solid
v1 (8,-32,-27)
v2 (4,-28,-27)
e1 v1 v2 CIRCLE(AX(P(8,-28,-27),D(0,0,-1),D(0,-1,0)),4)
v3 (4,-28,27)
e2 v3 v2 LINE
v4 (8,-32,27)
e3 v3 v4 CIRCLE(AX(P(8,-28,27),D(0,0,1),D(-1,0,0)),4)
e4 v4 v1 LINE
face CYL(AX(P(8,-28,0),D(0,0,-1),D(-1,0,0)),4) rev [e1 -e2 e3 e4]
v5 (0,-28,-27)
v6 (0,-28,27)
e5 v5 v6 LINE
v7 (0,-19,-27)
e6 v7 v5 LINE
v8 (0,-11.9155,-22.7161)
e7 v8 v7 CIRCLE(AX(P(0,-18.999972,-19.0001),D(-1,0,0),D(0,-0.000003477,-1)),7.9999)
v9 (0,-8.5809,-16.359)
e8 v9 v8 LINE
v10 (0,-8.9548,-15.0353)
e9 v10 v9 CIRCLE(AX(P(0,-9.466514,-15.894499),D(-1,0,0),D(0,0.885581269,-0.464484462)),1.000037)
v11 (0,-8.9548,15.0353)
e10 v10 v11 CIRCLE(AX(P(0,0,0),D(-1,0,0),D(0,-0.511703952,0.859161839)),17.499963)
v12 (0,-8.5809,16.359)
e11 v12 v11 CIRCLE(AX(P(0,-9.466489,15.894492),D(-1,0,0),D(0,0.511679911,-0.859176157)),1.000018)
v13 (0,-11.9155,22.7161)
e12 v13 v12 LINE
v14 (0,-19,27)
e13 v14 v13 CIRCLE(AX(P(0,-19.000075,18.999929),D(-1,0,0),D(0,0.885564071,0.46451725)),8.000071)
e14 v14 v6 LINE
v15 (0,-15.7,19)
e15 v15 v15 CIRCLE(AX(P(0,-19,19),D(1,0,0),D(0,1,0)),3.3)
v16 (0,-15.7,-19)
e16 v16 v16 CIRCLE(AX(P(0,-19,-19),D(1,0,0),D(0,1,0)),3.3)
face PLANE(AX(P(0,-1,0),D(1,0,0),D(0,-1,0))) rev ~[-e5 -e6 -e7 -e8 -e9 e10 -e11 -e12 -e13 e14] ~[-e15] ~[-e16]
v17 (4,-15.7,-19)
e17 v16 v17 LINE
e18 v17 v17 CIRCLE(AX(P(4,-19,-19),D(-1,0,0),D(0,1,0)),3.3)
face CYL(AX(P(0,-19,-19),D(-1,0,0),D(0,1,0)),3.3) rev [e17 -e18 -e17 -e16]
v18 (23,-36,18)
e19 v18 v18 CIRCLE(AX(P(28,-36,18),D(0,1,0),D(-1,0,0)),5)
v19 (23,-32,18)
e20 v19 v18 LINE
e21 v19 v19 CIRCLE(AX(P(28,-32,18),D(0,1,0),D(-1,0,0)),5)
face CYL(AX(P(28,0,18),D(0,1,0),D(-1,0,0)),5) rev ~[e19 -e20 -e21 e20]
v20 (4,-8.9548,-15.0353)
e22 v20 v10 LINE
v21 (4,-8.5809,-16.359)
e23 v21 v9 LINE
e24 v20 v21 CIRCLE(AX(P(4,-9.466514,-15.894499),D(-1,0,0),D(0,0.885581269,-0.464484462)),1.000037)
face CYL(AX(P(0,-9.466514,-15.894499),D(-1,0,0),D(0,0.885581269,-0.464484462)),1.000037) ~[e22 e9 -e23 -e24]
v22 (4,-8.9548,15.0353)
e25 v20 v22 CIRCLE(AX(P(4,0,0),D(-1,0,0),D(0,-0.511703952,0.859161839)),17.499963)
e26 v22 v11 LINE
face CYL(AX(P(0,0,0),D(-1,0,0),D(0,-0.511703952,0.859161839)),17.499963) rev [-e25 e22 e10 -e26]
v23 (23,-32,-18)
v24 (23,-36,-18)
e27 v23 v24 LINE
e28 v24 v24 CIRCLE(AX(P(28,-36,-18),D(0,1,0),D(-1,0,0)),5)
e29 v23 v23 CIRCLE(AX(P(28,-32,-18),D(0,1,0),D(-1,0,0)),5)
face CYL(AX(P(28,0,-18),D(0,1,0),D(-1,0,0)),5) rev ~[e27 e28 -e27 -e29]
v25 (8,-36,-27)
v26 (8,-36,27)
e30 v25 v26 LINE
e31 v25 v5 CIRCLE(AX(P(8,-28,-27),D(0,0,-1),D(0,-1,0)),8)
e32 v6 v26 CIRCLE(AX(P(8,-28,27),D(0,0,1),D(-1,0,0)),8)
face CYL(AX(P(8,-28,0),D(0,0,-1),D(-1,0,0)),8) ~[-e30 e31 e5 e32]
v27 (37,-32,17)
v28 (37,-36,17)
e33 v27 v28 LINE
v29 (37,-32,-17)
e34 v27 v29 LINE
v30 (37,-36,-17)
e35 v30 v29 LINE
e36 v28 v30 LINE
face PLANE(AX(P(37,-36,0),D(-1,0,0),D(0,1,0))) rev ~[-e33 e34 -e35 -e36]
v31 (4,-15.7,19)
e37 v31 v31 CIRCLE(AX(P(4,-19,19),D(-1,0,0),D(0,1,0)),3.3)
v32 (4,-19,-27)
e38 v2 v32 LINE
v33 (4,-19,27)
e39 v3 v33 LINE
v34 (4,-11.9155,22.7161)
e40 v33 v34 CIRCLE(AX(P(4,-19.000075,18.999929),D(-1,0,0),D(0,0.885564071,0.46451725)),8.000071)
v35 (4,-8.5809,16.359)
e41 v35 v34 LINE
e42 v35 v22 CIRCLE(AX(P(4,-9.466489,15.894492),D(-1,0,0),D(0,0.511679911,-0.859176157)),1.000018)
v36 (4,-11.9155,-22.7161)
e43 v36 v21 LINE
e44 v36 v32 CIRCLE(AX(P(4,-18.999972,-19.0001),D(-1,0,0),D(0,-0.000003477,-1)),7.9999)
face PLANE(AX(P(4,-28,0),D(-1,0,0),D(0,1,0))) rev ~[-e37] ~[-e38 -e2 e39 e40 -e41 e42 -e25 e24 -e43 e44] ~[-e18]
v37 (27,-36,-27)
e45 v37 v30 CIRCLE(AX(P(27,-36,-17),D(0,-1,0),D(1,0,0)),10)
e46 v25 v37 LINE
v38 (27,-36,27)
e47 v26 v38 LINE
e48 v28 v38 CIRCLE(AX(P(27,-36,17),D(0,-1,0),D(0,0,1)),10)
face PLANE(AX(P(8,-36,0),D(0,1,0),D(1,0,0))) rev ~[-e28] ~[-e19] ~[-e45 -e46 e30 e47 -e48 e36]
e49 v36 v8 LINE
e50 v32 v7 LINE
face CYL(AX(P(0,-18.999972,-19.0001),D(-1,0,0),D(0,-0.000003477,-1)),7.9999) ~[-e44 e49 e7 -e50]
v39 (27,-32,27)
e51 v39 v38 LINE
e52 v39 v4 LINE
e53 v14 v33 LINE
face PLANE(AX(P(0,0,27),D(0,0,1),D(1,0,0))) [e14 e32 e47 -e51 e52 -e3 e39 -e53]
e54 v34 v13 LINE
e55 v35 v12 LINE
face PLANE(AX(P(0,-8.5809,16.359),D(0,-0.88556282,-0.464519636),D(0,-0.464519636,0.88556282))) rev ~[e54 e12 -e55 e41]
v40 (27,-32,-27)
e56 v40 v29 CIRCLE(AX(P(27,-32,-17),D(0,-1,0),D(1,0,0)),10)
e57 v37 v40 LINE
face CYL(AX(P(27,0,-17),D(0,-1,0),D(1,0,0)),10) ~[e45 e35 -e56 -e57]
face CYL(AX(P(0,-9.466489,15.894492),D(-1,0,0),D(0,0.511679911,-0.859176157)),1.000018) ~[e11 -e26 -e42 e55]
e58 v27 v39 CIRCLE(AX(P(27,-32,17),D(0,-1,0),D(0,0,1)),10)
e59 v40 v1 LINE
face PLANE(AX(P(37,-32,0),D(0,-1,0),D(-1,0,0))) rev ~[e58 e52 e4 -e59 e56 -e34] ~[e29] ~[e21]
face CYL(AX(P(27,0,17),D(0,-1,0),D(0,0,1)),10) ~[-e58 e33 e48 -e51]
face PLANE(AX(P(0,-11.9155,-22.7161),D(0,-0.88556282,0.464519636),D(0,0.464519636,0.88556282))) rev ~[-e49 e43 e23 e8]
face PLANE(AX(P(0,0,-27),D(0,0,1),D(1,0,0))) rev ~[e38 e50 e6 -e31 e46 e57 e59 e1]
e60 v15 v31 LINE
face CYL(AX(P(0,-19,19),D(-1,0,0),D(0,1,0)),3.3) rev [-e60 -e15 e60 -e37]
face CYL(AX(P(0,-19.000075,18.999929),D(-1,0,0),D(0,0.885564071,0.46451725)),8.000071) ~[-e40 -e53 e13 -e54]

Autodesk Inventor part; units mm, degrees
sketch "Sketch_1" plane through (0, 0, 0) normal (0, 0, 1) x (1, 0, 0)
  line L0 (0, -1) -> (0, -28)
  arc A0 (0, -28) -> (8, -36) centre (8, -28) ccw
  line L1 (8, -36) -> (37, -36)
  line L2 (37, -36) -> (37, -32)
  line L3 (37, -32) -> (8, -32)
  arc A1 (4, -28) -> (8, -32) centre (8, -28) ccw
  line L4 (4, -28) -> (4, -1)
  line L5 (4, -1) -> (0, -1)
extrude "Extrusion1" add sketch "Sketch_1" along normal mid plane 54
sketch "Sketch_2" plane through (0, 0, 0) normal (0, 1, 0) x (-1, 0, 0)
  line L0 (-27, -37) -> (-27, -27)
  arc A0 (-37, -17) -> (-27, -27) centre (-27, -17) ccw
  line L1 (-37, -17) -> (-37, 17)
  arc A1 (-27, 27) -> (-37, 17) centre (-27, 17) ccw
  line L2 (-27, 27) -> (-27, 37)
  line L3 (-27, 37) -> (-47, 37)
  line L4 (-47, 37) -> (-47, -37)
  line L5 (-47, -37) -> (-27, -37)
extrude "Extrusion2" cut sketch "Sketch_2" along normal mid plane 74
sketch "Sketch_3" plane through (0, 0, 0) normal (0, 1, 0) x (-1, 0, 0)
  circle A0 centre (-28, -18) radius 5
extrude "Extrusion3" cut sketch "Sketch_3" along normal mid plane 74
sketch "Sketch_4" plane through (0, 0, 0) normal (0, 1, 0) x (-1, 0, 0)
  circle A0 centre (-28, 18) radius 5
extrude "Extrusion4" cut sketch "Sketch_4" along normal mid plane 74
sketch "Sketch_5" plane through (0, 0, 0) normal (1, 0, 0) x (0, 1, 0)
  circle A0 centre (-19, 19) radius 3.3
extrude "Extrusion5" cut sketch "Sketch_5" along normal mid plane 10
sketch "Sketch_6" plane through (0, 0, 0) normal (1, 0, 0) x (0, 1, 0)
  circle A0 centre (-19, -19) radius 3.3
extrude "Extrusion6" cut sketch "Sketch_6" along normal mid plane 10
sketch "Sketch_7" plane through (0, 0, 0) normal (1, 0, 0) x (0, 1, 0)
  line L0 (-41, 32) -> (-41, -32)
  line L1 (-41, -32) -> (0, -32)
  line L2 (0, -32) -> (0, 32)
  line L3 (0, 32) -> (-41, 32)
  line L4 (-19, 27) -> (-36, 27)
  line L5 (-36, 27) -> (-36, -27)
  line L6 (-36, -27) -> (-19, -27)
  arc A0 (-19, -27) -> (-11.9155, -22.7161) centre (-19, -19) ccw
  line L7 (-11.9155, -22.7161) -> (-8.5809, -16.359)
  arc A1 (-8.5809, -16.359) -> (-8.9548, -15.0353) centre (-9.4665, -15.8945) ccw
  arc A2 (-8.9548, 15.0353) -> (-8.9548, -15.0353) centre (0, 0) ccw
  arc A3 (-8.9548, 15.0353) -> (-8.5809, 16.359) centre (-9.4665, 15.8945) ccw
  line L8 (-8.5809, 16.359) -> (-11.9155, 22.7161)
  arc A4 (-11.9155, 22.7161) -> (-19, 27) centre (-19, 19) ccw
extrude "Extrusion7" cut sketch "Sketch_7" along normal mid plane 10
ref_plane "HNC_1_XY" through (0, 0, 0) normal (1, 0, 0) x (0, 0, -1)
ref_plane "HNC_1_YZ" through (0, 0, 0) normal (0, 0, -1) x (0, 1, 0)
ref_plane "HNC_1_ZX" through (0, 0, 0) normal (0, 1, 0) x (1, 0, 0)
ref_plane "HNC_2_XY" through (4, -19, 19) normal (1, 0, 0) x (0, 0, -1)
ref_plane "HNC_2_YZ" through (4, -19, 19) normal (0, 0, -1) x (0, 1, 0)
ref_plane "HNC_2_ZX" through (4, -19, 19) normal (0, 1, 0) x (1, 0, 0)
ref_plane "HNC_3_XY" through (4, -19, -19) normal (1, 0, 0) x (0, 0, -1)
ref_plane "HNC_3_YZ" through (4, -19, -19) normal (0, 0, -1) x (0, 1, 0)
ref_plane "HNC_3_ZX" through (4, -19, -19) normal (0, 1, 0) x (1, 0, 0)
ref_plane "P19_XY" through (28, -32, -18) normal (0, 1, 0) x (1, 0, 0)
ref_plane "P19_YZ" through (28, -32, -18) normal (1, 0, 0) x (0, 0, -1)
ref_plane "P19_ZX" through (28, -32, -18) normal (0, 0, -1) x (0, 1, 0)
ref_plane "P20_XY" through (28, -32, 18) normal (0, 1, 0) x (1, 0, 0)
ref_plane "P20_YZ" through (28, -32, 18) normal (1, 0, 0) x (0, 0, -1)
ref_plane "P20_ZX" through (28, -32, 18) normal (0, 0, -1) x (0, 1, 0)
properties part number "174370 HNC-40---(F)"
